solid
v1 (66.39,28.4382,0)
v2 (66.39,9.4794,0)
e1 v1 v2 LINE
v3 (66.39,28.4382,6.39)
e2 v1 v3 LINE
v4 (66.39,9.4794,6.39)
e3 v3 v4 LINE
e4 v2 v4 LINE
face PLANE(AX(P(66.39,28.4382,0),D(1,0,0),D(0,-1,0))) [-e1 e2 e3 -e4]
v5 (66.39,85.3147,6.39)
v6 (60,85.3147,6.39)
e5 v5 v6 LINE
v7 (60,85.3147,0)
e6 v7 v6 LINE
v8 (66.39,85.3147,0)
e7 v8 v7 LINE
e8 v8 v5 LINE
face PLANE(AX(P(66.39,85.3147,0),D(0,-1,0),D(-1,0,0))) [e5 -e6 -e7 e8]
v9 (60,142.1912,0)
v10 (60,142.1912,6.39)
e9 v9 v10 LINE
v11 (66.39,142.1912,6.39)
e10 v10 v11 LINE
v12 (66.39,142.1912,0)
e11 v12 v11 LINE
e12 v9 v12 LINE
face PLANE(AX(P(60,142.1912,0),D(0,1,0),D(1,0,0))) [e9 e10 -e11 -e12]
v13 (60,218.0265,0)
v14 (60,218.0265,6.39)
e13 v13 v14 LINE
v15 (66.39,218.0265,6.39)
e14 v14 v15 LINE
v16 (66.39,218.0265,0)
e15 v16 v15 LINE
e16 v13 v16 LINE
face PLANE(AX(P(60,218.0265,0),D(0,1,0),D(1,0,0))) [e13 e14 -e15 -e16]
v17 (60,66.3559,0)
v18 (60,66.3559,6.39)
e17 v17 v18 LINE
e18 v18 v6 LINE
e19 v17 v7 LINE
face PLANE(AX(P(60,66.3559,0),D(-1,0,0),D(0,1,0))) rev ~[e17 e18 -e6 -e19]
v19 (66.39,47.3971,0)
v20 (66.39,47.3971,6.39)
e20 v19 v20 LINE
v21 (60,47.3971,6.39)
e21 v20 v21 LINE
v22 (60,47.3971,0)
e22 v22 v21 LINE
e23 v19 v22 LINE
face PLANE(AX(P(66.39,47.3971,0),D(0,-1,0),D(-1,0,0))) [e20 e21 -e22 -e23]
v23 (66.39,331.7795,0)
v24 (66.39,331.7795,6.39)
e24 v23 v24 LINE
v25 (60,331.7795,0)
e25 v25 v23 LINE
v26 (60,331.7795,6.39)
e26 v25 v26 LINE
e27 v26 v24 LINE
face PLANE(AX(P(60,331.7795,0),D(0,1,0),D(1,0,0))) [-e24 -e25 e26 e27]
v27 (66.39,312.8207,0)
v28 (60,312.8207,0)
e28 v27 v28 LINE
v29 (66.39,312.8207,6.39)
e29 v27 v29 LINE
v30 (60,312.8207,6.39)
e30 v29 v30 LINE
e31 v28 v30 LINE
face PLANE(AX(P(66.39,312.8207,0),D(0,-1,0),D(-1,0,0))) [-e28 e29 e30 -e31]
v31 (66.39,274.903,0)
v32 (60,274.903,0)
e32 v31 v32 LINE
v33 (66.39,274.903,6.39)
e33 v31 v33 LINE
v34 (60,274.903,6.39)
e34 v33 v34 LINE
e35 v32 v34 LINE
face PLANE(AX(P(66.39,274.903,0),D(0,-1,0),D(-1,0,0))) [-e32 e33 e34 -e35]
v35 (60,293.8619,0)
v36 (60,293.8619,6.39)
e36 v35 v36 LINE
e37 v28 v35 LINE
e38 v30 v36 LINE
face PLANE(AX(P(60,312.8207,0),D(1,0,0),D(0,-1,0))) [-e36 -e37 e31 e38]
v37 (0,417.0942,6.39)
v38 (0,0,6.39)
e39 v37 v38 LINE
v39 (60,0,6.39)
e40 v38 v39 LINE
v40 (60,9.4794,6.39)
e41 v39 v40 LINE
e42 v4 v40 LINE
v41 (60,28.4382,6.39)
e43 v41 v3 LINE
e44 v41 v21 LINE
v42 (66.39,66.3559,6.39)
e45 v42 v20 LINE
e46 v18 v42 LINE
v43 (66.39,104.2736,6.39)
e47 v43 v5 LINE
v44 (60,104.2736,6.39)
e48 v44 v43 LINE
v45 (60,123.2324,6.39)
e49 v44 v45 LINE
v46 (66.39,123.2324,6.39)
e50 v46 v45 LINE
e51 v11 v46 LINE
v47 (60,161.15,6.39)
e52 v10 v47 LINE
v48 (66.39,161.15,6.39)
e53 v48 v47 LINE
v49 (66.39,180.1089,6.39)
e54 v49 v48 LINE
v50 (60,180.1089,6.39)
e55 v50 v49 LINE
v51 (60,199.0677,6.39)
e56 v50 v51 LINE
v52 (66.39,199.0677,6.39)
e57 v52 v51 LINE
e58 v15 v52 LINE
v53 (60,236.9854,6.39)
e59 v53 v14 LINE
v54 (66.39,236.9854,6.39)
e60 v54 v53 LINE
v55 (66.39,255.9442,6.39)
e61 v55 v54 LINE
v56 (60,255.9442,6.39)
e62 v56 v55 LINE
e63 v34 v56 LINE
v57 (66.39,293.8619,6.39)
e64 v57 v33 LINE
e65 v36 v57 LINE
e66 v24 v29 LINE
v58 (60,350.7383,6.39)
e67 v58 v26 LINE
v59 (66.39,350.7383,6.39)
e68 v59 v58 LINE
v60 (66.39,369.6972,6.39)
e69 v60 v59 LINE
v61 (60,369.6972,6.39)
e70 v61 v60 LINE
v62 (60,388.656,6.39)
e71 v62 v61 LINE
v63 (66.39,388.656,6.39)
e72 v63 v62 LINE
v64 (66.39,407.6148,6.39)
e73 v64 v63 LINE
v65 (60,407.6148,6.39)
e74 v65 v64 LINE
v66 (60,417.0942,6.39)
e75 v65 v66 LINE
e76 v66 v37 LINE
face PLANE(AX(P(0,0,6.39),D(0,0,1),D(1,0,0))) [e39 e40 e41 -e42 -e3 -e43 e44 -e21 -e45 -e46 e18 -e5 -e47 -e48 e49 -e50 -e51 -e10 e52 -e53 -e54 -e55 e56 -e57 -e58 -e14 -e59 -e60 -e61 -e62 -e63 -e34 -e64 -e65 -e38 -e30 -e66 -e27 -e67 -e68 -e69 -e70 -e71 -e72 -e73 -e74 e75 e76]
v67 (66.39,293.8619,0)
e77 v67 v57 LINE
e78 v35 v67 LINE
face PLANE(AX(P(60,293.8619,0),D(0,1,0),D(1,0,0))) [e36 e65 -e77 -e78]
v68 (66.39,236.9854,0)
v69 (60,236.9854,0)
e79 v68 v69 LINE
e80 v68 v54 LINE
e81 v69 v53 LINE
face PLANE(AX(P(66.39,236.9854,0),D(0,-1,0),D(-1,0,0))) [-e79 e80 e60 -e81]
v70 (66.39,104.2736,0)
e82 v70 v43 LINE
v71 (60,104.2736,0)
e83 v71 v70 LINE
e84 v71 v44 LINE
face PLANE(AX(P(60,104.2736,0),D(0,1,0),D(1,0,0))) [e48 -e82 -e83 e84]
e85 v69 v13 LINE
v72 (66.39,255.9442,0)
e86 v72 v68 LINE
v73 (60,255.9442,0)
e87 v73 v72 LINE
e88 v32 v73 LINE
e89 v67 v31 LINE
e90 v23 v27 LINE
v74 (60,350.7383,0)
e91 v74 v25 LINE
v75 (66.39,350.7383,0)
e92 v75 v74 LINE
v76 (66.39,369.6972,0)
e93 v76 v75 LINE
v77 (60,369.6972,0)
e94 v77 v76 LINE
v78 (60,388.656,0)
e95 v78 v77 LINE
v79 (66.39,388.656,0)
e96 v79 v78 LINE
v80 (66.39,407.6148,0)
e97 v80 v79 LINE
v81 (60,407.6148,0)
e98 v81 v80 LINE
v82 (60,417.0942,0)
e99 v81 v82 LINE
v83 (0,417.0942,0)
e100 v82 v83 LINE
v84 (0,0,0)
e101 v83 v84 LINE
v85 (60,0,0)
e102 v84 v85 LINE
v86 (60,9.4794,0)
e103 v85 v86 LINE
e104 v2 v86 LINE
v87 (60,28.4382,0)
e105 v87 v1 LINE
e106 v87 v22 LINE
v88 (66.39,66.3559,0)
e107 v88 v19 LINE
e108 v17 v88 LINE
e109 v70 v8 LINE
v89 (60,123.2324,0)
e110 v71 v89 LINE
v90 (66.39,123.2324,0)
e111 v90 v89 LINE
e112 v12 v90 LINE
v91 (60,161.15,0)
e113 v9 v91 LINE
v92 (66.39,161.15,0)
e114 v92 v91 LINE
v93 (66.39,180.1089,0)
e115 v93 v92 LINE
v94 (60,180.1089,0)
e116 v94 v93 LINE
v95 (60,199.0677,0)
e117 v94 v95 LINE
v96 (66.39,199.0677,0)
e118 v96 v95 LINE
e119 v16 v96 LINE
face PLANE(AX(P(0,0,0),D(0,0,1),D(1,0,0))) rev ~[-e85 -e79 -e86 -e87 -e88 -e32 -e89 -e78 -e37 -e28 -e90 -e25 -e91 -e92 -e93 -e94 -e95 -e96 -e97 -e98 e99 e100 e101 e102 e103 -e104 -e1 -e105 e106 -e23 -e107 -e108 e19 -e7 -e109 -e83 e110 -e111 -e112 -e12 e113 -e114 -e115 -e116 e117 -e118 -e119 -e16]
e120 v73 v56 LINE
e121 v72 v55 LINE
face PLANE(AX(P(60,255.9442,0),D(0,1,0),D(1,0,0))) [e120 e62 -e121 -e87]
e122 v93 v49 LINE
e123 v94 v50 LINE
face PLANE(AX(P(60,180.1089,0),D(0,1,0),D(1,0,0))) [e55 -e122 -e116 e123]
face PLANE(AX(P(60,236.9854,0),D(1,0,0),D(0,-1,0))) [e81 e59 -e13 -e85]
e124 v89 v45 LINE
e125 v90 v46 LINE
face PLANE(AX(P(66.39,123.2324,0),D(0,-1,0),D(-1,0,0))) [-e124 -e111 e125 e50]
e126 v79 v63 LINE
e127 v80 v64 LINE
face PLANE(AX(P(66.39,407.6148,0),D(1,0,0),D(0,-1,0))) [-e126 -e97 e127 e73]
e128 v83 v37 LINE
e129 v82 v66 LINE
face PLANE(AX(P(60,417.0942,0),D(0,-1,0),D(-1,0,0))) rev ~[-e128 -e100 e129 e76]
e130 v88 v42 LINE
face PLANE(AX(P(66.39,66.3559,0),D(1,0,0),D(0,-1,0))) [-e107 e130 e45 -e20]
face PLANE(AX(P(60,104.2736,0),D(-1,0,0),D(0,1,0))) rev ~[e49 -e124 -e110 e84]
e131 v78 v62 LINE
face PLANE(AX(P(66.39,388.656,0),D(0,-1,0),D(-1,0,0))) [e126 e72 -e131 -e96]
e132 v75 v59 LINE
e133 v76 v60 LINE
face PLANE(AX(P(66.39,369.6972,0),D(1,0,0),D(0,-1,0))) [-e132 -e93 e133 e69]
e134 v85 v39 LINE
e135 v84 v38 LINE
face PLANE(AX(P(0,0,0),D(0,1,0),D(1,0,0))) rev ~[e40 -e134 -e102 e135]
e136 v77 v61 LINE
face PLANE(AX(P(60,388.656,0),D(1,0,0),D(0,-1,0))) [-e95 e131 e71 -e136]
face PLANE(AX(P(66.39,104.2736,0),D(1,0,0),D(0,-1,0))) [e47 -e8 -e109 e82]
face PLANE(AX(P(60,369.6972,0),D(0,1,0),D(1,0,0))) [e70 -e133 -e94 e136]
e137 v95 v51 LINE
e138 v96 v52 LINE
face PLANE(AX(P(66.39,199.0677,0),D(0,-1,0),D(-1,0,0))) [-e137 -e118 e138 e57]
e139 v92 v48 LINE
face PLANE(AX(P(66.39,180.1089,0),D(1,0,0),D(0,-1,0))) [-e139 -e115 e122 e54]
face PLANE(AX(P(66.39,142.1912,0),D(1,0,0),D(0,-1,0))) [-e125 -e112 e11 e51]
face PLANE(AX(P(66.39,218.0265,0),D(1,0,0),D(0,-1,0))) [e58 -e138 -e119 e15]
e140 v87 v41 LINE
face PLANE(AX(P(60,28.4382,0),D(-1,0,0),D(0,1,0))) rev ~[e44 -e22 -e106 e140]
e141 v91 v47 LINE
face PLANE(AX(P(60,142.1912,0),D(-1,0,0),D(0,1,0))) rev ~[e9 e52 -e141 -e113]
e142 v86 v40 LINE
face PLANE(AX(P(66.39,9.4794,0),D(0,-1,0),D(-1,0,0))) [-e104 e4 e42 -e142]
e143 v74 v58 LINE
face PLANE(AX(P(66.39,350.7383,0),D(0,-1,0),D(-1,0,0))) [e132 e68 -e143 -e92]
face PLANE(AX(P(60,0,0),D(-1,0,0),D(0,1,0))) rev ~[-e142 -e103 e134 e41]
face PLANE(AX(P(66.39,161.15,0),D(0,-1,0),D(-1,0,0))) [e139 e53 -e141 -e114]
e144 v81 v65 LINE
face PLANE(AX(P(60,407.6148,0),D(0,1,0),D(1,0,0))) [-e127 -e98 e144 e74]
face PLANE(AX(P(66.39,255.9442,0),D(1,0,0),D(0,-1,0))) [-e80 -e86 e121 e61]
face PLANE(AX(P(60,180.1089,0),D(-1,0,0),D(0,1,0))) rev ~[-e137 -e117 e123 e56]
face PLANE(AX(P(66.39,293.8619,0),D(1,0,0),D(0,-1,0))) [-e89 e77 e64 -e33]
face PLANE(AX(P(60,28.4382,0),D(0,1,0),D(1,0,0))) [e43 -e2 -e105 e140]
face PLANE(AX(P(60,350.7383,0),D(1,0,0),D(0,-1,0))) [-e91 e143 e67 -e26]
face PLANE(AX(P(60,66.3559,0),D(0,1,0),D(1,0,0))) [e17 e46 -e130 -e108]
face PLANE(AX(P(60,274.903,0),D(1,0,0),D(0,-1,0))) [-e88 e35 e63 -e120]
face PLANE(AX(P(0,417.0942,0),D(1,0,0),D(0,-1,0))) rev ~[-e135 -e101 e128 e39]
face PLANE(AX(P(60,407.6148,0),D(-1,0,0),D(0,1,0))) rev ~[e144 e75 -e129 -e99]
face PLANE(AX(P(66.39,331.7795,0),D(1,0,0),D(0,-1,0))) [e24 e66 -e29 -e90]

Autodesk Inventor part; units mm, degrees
ref_plane "YZ Plane" through (0, 0, 0) normal (1, 0, 0) x (0, 1, 0)
ref_plane "XZ Plane" through (0, 0, 0) normal (0, 1, 0) x (-1, 0, 0)
ref_plane "XY Plane" through (0, 0, 0) normal (0, 0, 1) x (1, 0, 0)
sketch "Sketch2" plane through (0, 0, 0) normal (0, 0, 1) x (1, 0, 0)
  line L0 (60, 28.4382) -> (66.39, 28.4382)
  line L1 (66.39, 28.4382) -> (66.39, 9.4794)
  line L2 (66.39, 9.4794) -> (60, 9.4794)
  line L3 (60, 66.3559) -> (66.39, 66.3559)
  line L4 (66.39, 66.3559) -> (66.39, 47.3971)
  line L5 (66.39, 47.3971) -> (60, 47.3971)
  line L6 (60, 104.2736) -> (66.39, 104.2736)
  line L7 (66.39, 104.2736) -> (66.39, 85.3147)
  line L8 (66.39, 85.3147) -> (60, 85.3147)
  line L9 (60, 142.1912) -> (66.39, 142.1912)
  line L10 (66.39, 142.1912) -> (66.39, 123.2324)
  line L11 (66.39, 123.2324) -> (60, 123.2324)
  line L12 (60, 180.1089) -> (66.39, 180.1089)
  line L13 (66.39, 180.1089) -> (66.39, 161.15)
  line L14 (66.39, 161.15) -> (60, 161.15)
  line L15 (60, 218.0265) -> (66.39, 218.0265)
  line L16 (66.39, 218.0265) -> (66.39, 199.0677)
  line L17 (66.39, 199.0677) -> (60, 199.0677)
  line L18 (60, 255.9442) -> (66.39, 255.9442)
  line L19 (66.39, 255.9442) -> (66.39, 236.9854)
  line L20 (66.39, 236.9854) -> (60, 236.9854)
  line L21 (60, 293.8619) -> (66.39, 293.8619)
  line L22 (66.39, 293.8619) -> (66.39, 274.903)
  line L23 (66.39, 274.903) -> (60, 274.903)
  line L24 (60, 331.7795) -> (66.39, 331.7795)
  line L25 (66.39, 331.7795) -> (66.39, 312.8207)
  line L26 (66.39, 312.8207) -> (60, 312.8207)
  line L27 (60, 369.6972) -> (66.39, 369.6972)
  line L28 (66.39, 369.6972) -> (66.39, 350.7383)
  line L29 (66.39, 350.7383) -> (60, 350.7383)
  line L30 (60, 407.6148) -> (66.39, 407.6148)
  line L31 (66.39, 407.6148) -> (66.39, 388.656)
  line L32 (66.39, 388.656) -> (60, 388.656)
  line L33 (60, 407.6148) -> (60, 417.0942)
  line L34 (60, 417.0942) -> (0, 417.0942)
  line L35 (0, 417.0942) -> (0, 0)
  line L36 (0, 0) -> (60, 0)
  line L37 (60, 0) -> (60, 9.4794)
  line L38 (60, 28.4382) -> (60, 47.3971)
  line L39 (60, 66.3559) -> (60, 85.3147)
  line L40 (60, 104.2736) -> (60, 123.2324)
  line L41 (60, 142.1912) -> (60, 161.15)
  line L42 (60, 180.1089) -> (60, 199.0677)
  line L43 (60, 388.656) -> (60, 369.6972)
  line L44 (60, 350.7383) -> (60, 331.7795)
  line L45 (60, 312.8207) -> (60, 293.8619)
  line L46 (60, 274.903) -> (60, 255.9442)
  line L47 (60, 236.9854) -> (60, 218.0265)
  line L48 (66.39, 18.9588) -> (0, 18.9588) construction
  dimension "d56" = 18.9588
  dimension "d58" = 6.39
  dimension "d72" = 37.9177
  dimension "d77" = 60
  dimension "d78" = 9.4794
  dimension "d79" = 9.4794
  dimension "d80" = 417.0942
extrude "Extrusion5" add sketch "Sketch2" along normal blind 6.39
equation "\"d56\" = 0.25 * DiskGap"
equation "\"d58\" = WoodThickness"
equation "\"d72\" = 0.5 * DiskGap"
equation "\"d78\" = 0.125 * DiskGap"
equation "\"d79\" = 0.125 * DiskGap"
equation "\"d94\" = WoodThickness"
equation "\"MotorWidth\" = 37"
equation "\"SupportClearance\" = 5"
equation "\"MotorShaftWidth\" = 12"
equation "\"CouplingWidth\" = 9.525"
equation "\"CouplingDiameter\" = 22.098"
equation "\"DiskGap\" = 75.835317"
equation "\"WoodThickness\" = 6.39"
properties part number "BearingMotorColumnSupport" material "MDF Medium Density Fiberboard"
